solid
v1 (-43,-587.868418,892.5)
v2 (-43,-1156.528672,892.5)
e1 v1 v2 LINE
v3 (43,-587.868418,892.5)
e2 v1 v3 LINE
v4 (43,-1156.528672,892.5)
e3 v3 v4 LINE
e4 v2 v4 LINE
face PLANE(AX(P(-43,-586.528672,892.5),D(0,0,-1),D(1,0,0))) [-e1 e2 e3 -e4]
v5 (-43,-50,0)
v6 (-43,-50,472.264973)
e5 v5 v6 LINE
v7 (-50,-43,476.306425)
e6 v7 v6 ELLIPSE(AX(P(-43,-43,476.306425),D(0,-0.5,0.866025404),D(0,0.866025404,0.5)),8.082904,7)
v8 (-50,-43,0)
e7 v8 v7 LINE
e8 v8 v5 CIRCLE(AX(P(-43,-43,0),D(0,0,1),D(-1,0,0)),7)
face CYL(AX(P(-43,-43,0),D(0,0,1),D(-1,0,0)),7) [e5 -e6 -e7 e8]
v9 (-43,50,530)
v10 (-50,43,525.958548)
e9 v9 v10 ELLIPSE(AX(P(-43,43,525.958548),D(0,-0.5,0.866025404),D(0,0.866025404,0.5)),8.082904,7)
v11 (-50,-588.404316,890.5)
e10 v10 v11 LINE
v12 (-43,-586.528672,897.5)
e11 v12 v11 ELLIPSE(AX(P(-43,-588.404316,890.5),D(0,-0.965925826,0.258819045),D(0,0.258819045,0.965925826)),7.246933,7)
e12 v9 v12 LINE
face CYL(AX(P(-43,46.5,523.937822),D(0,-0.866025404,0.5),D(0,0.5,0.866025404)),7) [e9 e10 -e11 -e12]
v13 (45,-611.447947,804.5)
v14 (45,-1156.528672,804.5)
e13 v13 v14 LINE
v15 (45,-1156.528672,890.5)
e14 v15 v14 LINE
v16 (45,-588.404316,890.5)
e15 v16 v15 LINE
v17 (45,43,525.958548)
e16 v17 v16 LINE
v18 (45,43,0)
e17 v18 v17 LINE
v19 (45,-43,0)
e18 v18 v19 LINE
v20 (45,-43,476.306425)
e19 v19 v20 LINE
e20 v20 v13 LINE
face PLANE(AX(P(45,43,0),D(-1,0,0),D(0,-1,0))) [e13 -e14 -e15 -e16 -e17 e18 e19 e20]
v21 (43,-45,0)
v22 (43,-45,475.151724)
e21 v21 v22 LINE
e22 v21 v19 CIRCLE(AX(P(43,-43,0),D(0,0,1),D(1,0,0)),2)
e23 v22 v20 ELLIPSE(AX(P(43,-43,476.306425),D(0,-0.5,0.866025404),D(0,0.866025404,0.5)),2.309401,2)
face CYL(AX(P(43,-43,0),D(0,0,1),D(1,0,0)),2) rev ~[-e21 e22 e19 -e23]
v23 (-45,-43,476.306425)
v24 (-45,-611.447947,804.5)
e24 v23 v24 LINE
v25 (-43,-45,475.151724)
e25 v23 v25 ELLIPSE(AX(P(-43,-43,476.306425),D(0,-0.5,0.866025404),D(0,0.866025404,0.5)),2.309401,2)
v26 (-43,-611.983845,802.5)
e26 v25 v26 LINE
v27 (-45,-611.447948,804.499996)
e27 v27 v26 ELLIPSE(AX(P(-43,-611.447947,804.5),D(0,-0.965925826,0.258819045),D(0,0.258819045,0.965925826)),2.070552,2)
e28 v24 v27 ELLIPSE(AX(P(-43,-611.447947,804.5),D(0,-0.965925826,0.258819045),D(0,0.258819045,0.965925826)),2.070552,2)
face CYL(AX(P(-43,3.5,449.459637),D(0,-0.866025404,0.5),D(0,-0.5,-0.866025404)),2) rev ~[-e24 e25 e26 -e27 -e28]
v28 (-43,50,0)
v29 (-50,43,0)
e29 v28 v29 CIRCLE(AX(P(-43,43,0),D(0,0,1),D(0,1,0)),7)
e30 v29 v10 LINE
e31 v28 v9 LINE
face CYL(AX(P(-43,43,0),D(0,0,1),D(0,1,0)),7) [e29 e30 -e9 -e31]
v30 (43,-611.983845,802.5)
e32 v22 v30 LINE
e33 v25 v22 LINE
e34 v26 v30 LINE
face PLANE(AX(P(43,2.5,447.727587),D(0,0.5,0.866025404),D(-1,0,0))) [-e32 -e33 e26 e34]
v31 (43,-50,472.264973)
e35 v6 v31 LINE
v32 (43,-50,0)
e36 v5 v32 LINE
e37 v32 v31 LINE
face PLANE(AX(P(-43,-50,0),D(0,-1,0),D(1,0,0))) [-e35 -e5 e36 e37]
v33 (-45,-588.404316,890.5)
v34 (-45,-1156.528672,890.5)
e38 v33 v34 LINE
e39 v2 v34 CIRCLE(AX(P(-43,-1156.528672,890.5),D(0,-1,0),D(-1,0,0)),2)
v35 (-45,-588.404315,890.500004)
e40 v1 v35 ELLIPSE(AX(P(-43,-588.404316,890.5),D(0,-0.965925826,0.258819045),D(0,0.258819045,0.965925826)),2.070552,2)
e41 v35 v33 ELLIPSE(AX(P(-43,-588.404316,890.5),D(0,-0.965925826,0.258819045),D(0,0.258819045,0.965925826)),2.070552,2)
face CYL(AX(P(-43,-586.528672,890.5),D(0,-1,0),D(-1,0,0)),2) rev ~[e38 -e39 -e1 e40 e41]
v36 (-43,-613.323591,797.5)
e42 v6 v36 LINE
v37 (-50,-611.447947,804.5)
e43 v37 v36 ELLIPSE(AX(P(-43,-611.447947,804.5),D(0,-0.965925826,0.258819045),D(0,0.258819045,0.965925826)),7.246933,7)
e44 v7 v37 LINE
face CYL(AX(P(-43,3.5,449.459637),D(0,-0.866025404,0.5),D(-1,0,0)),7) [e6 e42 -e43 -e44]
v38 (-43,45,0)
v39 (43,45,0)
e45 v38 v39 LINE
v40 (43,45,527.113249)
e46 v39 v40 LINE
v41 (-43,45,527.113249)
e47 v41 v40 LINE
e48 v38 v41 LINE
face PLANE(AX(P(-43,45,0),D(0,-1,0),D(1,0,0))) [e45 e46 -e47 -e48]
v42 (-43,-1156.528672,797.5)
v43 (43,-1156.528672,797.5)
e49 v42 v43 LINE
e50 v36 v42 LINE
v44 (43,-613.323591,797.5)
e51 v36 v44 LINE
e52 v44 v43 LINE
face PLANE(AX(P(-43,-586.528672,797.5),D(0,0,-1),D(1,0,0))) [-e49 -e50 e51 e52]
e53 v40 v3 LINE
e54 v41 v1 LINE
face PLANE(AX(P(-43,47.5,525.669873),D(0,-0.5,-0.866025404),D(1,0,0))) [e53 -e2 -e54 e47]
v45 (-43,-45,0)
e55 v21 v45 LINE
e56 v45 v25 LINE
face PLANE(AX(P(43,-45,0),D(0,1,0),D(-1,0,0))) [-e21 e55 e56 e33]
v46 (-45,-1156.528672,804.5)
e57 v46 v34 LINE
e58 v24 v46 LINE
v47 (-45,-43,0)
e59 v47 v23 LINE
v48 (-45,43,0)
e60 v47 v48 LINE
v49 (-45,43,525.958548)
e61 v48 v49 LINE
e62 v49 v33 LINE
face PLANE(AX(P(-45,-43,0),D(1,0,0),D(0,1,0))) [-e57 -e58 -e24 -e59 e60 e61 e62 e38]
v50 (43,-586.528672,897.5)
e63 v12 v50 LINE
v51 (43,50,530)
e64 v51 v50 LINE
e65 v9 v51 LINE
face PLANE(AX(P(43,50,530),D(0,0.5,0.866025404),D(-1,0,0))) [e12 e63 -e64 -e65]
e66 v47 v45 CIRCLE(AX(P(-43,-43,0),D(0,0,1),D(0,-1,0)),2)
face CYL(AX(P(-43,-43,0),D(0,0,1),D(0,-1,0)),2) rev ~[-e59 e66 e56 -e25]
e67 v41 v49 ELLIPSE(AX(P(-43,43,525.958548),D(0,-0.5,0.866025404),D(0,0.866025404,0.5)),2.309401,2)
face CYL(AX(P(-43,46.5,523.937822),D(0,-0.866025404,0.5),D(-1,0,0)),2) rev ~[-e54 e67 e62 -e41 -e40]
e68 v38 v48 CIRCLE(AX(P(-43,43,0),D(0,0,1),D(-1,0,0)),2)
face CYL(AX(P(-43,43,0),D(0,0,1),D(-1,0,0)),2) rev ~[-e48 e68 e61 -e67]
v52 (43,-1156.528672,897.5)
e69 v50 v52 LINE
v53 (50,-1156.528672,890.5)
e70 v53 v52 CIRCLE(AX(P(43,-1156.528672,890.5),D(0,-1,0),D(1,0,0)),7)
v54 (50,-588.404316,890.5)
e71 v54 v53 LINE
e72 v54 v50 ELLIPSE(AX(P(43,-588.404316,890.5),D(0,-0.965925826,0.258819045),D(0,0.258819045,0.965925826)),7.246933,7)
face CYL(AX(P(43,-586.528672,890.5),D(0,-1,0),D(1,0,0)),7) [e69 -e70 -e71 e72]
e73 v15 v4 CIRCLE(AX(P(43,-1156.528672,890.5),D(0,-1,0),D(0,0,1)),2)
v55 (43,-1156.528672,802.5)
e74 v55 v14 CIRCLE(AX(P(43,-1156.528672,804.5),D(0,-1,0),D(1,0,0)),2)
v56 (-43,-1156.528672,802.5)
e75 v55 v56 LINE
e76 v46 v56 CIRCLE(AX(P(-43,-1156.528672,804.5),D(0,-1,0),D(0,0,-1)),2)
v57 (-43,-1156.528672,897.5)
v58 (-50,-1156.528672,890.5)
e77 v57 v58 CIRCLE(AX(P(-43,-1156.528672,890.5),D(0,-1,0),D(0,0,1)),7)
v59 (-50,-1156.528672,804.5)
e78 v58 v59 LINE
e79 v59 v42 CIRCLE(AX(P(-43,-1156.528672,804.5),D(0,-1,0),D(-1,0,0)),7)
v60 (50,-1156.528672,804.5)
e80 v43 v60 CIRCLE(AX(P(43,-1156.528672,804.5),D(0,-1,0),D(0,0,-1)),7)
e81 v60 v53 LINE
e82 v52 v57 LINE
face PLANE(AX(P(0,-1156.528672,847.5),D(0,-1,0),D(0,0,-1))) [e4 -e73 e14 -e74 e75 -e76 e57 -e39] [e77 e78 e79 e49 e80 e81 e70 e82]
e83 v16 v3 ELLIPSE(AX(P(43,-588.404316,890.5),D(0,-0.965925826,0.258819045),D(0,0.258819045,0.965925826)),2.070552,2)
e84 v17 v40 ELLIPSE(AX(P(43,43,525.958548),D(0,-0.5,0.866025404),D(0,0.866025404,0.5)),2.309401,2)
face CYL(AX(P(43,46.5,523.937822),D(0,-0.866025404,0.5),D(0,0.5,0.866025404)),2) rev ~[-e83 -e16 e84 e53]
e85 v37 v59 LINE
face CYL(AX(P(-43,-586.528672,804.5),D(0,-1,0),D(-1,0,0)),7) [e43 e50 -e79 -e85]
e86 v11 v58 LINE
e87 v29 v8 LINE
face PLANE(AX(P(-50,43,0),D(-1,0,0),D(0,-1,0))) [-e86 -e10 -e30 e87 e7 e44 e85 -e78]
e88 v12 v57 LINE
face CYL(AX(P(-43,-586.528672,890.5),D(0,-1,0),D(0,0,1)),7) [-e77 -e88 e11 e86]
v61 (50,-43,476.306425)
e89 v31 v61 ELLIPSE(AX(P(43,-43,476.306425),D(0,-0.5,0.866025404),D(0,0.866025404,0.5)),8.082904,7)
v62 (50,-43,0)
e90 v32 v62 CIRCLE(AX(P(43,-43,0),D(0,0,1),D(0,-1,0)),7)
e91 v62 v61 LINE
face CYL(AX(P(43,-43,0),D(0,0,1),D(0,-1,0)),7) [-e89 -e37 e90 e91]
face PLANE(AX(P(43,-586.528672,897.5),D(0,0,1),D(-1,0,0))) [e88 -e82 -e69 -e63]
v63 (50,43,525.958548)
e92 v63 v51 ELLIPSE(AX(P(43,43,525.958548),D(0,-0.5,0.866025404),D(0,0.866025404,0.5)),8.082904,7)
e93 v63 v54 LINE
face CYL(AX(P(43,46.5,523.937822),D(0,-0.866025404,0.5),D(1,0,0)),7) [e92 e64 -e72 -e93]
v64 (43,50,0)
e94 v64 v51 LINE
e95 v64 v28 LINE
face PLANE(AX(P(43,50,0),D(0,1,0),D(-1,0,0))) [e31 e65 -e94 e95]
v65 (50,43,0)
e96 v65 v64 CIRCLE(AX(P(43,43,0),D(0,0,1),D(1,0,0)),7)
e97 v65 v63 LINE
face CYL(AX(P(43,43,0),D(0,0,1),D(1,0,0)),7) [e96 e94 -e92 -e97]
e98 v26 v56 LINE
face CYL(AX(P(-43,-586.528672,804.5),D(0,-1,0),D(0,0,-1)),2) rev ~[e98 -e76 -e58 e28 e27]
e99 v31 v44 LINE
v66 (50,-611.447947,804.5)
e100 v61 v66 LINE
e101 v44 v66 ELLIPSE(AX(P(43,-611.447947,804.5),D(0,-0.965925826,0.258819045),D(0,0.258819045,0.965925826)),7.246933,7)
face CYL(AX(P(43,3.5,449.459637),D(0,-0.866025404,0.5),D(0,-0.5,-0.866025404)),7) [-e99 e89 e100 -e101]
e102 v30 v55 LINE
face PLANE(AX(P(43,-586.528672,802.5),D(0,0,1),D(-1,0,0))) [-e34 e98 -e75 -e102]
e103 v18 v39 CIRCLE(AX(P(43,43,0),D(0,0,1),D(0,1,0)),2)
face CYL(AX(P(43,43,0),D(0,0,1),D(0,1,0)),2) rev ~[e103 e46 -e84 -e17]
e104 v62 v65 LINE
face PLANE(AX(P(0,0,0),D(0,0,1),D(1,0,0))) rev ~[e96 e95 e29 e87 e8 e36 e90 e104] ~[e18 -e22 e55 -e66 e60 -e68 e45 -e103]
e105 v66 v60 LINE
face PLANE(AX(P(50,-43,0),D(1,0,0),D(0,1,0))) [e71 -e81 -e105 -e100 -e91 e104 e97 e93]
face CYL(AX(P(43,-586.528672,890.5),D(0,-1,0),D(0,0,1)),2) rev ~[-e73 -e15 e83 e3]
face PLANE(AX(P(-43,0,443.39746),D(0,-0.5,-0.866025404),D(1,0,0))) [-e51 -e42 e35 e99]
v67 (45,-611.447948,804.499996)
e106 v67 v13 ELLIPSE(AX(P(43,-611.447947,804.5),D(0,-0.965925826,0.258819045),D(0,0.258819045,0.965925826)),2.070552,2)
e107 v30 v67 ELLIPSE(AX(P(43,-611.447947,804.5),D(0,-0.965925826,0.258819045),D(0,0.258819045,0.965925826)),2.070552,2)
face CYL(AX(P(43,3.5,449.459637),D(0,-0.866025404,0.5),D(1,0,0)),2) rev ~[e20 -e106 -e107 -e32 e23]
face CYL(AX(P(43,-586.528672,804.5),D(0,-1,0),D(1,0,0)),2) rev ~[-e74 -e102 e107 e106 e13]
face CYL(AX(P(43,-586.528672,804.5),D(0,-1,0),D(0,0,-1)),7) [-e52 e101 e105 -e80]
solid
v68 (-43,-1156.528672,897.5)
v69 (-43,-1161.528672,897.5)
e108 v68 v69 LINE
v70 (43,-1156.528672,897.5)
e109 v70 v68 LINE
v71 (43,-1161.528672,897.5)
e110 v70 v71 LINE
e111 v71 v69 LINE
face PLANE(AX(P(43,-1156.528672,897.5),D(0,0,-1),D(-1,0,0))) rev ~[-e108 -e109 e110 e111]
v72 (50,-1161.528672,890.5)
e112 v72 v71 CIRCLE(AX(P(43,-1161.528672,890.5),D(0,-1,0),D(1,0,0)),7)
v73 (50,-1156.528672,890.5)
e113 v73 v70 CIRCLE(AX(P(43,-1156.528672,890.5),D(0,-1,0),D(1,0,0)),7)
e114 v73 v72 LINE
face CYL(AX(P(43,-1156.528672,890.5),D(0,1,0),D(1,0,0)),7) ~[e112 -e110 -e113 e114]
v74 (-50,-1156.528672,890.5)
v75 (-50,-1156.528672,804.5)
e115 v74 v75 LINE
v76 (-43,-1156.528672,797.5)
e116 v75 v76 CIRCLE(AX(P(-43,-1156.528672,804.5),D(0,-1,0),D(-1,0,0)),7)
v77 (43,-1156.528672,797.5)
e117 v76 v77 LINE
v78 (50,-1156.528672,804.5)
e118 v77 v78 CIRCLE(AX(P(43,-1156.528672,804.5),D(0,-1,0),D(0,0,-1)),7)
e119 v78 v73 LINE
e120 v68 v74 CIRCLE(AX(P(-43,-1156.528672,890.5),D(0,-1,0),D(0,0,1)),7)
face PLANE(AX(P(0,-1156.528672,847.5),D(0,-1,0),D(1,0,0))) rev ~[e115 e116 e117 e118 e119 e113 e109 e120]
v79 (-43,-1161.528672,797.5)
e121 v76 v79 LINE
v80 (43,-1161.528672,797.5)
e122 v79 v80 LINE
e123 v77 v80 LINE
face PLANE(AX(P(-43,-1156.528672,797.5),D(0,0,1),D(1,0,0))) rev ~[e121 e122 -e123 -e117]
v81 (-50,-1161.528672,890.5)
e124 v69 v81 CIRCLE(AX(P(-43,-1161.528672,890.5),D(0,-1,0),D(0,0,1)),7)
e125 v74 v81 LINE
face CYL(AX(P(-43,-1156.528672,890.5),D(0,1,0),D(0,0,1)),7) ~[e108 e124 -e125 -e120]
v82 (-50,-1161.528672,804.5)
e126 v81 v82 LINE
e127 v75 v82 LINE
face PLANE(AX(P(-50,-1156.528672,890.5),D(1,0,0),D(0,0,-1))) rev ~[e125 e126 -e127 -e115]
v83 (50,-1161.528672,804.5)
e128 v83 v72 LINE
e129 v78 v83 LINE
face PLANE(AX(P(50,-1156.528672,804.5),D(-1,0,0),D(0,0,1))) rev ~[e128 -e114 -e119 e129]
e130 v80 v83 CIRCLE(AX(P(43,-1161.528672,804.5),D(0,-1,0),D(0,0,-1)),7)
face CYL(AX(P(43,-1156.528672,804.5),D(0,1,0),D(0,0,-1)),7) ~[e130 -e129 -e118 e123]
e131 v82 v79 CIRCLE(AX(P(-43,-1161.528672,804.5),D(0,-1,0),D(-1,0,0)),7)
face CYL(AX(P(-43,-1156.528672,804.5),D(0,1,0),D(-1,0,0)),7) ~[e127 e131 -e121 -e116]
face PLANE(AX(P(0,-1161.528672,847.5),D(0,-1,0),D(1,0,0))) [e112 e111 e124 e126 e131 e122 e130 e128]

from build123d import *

# Parameters (mm, degrees)
F4_DEPTH = 5


with BuildPart() as f2:
    # F2: sweep along a path in F1
    with BuildLine(Plane.YZ) as f2_path:
        Line((50, 0), (50, 530))
        Line((50, 530), (-586.5286717816, 897.5))
        Line((-586.5286717816, 897.5), (-1156.5286717816, 897.5))
    # F0 (on Top) → F2 (sweep)
    with BuildSketch(Plane.XY):
        with BuildLine():
            ThreePointArc((50, 43), (47.9497474683, 47.9497474683), (43, 50))
            Line((43, 50), (-43, 50))
            ThreePointArc((-43, 50), (-47.9497474683, 47.9497474683), (-50, 43))
            Line((-50, 43), (-50, -43))
            ThreePointArc((-50, -43), (-47.9497474683, -47.9497474683), (-43, -50))
            Line((-43, -50), (43, -50))
            ThreePointArc((43, -50), (47.9497474683, -47.9497474683), (50, -43))
            Line((50, -43), (50, 43))
        make_face()
        with BuildLine():
            ThreePointArc((45, -43), (44.4142135624, -44.4142135624), (43, -45))
            Line((43, -45), (-43, -45))
            ThreePointArc((-43, -45), (-44.4142135624, -44.4142135624), (-45, -43))
            Line((-45, -43), (-45, 43))
            ThreePointArc((-45, 43), (-44.4142135624, 44.4142135624), (-43, 45))
            Line((-43, 45), (43, 45))
            ThreePointArc((43, 45), (44.4142135624, 44.4142135624), (45, 43))
            Line((45, 43), (45, -43))
        make_face(mode=Mode.SUBTRACT)
    sweep(path=f2_path.line, transition=Transition.RIGHT)


with BuildPart() as f4:
    # F3 (on face) → F4 (new body)
    with BuildSketch(Plane.XZ.offset(1156.5286717816)):
        with BuildLine():
            ThreePointArc((50, 890.5), (47.9497474683, 895.4497474683), (43, 897.5))
            Line((43, 897.5), (-43, 897.5))
            ThreePointArc((-43, 897.5), (-47.9497474683, 895.4497474683), (-50, 890.5))
            Line((-50, 890.5), (-50, 804.5))
            ThreePointArc((-50, 804.5), (-47.9497474683, 799.5502525317), (-43, 797.5))
            Line((-43, 797.5), (43, 797.5))
            ThreePointArc((43, 797.5), (47.9497474683, 799.5502525317), (50, 804.5))
            Line((50, 804.5), (50, 890.5))
        make_face()
    extrude(amount=F4_DEPTH)


solid = Compound([f2.part, f4.part])
